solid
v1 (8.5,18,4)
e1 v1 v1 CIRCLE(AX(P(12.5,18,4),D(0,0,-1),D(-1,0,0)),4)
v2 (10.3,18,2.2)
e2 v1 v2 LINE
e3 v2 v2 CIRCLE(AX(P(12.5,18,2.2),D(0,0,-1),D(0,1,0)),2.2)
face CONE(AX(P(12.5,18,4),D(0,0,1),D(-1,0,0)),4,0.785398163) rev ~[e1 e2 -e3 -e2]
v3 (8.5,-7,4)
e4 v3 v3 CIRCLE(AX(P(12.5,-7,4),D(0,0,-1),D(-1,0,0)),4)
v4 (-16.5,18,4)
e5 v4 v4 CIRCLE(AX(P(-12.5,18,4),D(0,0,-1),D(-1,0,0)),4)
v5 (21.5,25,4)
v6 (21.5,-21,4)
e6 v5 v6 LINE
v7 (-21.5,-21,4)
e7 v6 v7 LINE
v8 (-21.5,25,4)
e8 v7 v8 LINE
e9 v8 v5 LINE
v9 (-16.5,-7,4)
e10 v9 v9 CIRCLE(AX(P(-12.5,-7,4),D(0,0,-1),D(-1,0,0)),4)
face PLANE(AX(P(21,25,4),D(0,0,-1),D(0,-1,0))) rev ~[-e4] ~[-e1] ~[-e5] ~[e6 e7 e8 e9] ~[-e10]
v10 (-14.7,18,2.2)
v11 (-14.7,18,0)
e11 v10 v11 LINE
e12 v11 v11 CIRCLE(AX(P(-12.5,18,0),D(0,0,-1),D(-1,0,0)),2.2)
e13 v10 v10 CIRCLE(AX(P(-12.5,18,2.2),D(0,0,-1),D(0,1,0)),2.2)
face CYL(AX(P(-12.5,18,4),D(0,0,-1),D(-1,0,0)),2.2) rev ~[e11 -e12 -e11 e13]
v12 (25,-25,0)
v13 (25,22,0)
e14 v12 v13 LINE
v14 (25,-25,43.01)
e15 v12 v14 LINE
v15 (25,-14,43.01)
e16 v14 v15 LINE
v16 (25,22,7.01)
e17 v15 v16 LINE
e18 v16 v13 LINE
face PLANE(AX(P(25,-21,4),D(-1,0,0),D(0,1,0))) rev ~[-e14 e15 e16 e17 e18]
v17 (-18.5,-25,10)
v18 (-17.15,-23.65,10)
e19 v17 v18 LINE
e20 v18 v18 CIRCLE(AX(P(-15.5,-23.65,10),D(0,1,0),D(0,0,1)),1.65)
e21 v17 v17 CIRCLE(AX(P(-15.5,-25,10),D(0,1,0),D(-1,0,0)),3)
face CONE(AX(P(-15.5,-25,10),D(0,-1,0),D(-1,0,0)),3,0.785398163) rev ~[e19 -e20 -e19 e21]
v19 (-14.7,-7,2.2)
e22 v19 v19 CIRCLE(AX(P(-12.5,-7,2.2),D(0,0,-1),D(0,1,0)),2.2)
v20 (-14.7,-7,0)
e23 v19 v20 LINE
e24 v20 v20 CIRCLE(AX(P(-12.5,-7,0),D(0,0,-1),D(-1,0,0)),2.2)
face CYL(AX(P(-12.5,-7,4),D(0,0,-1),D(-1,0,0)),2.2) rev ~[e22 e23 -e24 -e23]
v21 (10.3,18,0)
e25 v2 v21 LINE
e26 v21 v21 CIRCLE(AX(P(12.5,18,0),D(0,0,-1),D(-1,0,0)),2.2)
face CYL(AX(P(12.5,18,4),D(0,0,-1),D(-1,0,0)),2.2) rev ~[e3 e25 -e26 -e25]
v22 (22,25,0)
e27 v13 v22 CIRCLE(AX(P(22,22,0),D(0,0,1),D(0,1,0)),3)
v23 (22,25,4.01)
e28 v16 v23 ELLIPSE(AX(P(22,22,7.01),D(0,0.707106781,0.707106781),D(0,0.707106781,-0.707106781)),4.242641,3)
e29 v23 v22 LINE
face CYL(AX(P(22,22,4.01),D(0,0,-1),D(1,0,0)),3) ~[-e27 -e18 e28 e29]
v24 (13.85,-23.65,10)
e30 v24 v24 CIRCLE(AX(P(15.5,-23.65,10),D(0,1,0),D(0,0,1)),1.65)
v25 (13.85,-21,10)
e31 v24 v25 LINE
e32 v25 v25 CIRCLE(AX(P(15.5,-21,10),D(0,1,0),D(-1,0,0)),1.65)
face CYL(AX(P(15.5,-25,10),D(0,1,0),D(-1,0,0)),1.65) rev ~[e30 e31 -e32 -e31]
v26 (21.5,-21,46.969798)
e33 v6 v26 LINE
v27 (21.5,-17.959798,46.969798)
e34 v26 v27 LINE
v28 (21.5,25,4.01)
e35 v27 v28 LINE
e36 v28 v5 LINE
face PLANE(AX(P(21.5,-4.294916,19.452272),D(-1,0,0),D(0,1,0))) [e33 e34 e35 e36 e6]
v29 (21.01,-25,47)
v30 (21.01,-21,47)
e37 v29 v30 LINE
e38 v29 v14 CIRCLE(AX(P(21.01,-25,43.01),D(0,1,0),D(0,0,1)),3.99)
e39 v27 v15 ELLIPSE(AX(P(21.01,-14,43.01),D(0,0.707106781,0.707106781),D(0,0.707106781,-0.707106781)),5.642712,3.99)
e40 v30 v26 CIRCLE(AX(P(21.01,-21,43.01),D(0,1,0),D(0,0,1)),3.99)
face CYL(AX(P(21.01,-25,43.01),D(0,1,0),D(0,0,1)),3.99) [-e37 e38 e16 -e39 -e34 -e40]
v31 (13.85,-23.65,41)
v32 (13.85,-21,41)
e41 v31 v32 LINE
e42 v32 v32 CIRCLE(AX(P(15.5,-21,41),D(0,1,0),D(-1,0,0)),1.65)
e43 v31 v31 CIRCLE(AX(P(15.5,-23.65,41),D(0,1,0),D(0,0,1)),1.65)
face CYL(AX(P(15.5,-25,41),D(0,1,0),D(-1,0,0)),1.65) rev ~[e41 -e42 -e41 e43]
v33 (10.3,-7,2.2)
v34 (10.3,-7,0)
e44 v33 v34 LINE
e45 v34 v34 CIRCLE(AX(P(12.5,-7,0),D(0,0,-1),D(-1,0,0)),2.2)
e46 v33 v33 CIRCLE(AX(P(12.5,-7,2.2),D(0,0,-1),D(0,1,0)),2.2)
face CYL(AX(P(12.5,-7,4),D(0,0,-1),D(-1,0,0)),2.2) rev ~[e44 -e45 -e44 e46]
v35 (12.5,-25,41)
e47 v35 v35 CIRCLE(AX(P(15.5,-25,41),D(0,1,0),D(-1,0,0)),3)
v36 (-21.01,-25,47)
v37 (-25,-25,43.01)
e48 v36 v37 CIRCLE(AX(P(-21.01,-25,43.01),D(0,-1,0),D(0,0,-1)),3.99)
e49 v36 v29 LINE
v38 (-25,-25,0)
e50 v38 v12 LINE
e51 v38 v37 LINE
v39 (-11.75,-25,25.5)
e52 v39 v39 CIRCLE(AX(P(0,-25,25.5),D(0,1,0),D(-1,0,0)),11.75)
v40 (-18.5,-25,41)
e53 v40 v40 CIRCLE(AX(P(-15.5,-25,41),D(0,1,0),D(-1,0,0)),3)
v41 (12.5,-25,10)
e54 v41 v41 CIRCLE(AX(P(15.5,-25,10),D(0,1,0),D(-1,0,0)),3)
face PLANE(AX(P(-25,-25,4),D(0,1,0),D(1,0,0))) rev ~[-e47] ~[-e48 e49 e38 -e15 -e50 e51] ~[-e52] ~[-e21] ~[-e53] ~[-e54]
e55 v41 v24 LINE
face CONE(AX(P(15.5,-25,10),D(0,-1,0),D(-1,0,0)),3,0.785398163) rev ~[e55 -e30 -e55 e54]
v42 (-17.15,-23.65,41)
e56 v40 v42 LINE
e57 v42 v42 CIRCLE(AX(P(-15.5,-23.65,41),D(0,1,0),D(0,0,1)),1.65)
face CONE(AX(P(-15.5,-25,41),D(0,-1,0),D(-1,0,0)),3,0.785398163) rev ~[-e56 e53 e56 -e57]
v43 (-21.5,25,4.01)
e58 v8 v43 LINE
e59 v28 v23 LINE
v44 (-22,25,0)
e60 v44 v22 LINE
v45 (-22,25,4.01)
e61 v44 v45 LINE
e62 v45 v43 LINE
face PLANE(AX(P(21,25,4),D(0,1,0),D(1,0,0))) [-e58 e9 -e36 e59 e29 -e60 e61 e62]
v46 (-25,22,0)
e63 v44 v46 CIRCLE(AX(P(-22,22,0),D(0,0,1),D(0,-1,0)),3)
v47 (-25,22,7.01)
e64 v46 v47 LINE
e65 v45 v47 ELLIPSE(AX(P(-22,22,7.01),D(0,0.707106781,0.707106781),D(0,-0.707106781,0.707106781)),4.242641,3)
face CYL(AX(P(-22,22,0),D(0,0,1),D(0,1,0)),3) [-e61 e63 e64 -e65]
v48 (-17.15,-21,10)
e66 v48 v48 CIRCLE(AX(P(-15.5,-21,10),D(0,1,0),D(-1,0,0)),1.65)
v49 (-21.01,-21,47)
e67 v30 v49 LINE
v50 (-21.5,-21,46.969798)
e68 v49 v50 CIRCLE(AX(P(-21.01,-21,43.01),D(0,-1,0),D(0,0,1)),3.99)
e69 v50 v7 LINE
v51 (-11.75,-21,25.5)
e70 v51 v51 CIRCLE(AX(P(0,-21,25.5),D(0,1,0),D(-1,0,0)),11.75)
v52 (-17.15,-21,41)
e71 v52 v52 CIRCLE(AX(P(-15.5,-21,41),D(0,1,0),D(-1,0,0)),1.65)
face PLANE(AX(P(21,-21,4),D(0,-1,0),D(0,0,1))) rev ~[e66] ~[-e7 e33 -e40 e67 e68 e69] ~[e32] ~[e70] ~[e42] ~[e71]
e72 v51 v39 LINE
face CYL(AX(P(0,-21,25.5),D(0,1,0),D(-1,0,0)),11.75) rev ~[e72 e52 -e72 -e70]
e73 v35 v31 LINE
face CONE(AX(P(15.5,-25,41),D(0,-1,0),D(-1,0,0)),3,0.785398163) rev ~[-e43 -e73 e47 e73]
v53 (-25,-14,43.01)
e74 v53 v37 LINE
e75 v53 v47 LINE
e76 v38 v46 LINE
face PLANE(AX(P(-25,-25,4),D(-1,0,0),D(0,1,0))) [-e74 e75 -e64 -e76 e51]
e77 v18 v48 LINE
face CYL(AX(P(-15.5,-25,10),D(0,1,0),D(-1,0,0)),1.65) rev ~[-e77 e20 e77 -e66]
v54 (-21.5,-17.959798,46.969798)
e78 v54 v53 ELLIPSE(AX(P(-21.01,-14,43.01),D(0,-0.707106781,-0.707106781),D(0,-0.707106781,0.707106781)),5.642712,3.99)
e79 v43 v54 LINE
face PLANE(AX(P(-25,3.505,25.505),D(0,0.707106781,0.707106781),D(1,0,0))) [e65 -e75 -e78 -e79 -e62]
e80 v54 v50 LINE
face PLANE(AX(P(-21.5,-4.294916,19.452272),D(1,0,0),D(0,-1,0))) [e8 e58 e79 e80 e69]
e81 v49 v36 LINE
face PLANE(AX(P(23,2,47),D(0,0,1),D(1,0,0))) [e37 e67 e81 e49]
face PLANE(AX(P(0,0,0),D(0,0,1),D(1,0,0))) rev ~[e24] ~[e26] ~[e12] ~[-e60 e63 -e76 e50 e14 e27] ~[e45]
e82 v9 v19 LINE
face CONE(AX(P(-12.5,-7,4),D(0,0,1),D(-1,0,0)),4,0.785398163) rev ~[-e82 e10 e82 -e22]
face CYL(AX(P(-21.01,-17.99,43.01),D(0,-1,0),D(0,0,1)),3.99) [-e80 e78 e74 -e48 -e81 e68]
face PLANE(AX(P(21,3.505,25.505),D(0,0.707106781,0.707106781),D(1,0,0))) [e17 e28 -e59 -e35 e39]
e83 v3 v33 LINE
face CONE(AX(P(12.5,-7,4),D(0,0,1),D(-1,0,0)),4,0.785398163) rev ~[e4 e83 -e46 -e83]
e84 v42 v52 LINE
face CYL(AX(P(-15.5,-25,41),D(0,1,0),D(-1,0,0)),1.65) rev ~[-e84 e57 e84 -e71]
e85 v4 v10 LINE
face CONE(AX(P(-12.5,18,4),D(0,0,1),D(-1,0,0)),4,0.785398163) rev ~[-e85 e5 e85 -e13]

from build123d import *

# Parameters (mm, degrees)
SKETCH_W            = 50
SKETCH_H            = 50
PAD_DEPTH           = 4
SKETCH001_W         = 50
SKETCH001_H         = 4
PAD001_DEPTH        = 43
SKETCH002_R         = 11.75
POCKET_DEPTH        = 4.001
HOLE_D              = 4.4
HOLE_CSINK_D        = 8
HOLE_CSINK_ANGLE    = 90
HOLE001_D           = 3.3
HOLE001_DEPTH       = 24.00858
HOLE001_CSINK_D     = 6
HOLE001_CSINK_ANGLE = 90
HOLE001_TIPS_R      = 1.65
SKETCH005_W         = 4
SKETCH005_H         = 46
PAD002_DEPTH        = 43
CHAMFER_SIZE        = 42.99
FILLET_R            = 3.99
FILLET001_R         = 3
POCKET001_DEPTH     = 0.5
POCKET002_DEPTH     = 0.5


with BuildPart() as part:
    # Sketch → Pad (new body)
    with BuildSketch(Plane.XY):
        Rectangle(SKETCH_W, SKETCH_H)
    extrude(amount=PAD_DEPTH)

    # Sketch001 (on Face6 of Pad) → Pad001 (join)
    with BuildSketch(Plane.XY.offset(4)):
        with Locations((0, -23)):
            Rectangle(SKETCH001_W, SKETCH001_H)
    extrude(amount=PAD001_DEPTH)

    # Sketch002 (on Face9 of Pad001) → Pocket (cut, through all)
    with BuildSketch(Plane(origin=(0, -21, 0), x_dir=(-1, 0, 0), z_dir=(0, 1, 0))):
        with Locations((0, 25.5)):
            Circle(SKETCH002_R)
    extrude(amount=-POCKET_DEPTH, mode=Mode.SUBTRACT)

    # Hole (through all)
    with Locations(Plane.XY.offset(4)):
        with Locations((12.5, -7), (-12.5, -7), (-12.5, 18), (12.5, 18)):
            CounterSinkHole(HOLE_D / 2, HOLE_CSINK_D / 2, counter_sink_angle=HOLE_CSINK_ANGLE)

    # Hole001
    with Locations(Plane.XZ.offset(25)):
        with Locations((-15.5, 41), (15.5, 41), (15.5, 10), (-15.5, 10)):
            CounterSinkHole(HOLE001_D / 2, HOLE001_CSINK_D / 2, depth=HOLE001_DEPTH, counter_sink_angle=HOLE001_CSINK_ANGLE)

    # Hole001 tips → Hole001 tip 1 section 0
    with BuildSketch(Plane.XZ.offset(0.99142), mode=Mode.PRIVATE) as hole001_tip_1_s0:
        with Locations((-15.5, 41)):
            Circle(HOLE001_TIPS_R)
    loft([hole001_tip_1_s0.sketch, Vertex(-15.5, 0, 41)], mode=Mode.SUBTRACT)

    # Hole001 tips → Hole001 tip 2 section 0
    with BuildSketch(Plane.XZ.offset(0.99142), mode=Mode.PRIVATE) as hole001_tip_2_s0:
        with Locations((15.5, 41)):
            Circle(HOLE001_TIPS_R)
    loft([hole001_tip_2_s0.sketch, Vertex(15.5, 0, 41)], mode=Mode.SUBTRACT)

    # Hole001 tips → Hole001 tip 3 section 0
    with BuildSketch(Plane.XZ.offset(0.99142), mode=Mode.PRIVATE) as hole001_tip_3_s0:
        with Locations((15.5, 10)):
            Circle(HOLE001_TIPS_R)
    loft([hole001_tip_3_s0.sketch, Vertex(15.5, 0, 10)], mode=Mode.SUBTRACT)

    # Hole001 tips → Hole001 tip 4 section 0
    with BuildSketch(Plane.XZ.offset(0.99142), mode=Mode.PRIVATE) as hole001_tip_4_s0:
        with Locations((-15.5, 10)):
            Circle(HOLE001_TIPS_R)
    loft([hole001_tip_4_s0.sketch, Vertex(-15.5, 0, 10)], mode=Mode.SUBTRACT)

    # Sketch005 (on Face5 of Hole001) → Pad002 (join)
    with BuildSketch(Plane.XY.offset(4)):
        with Locations((23, 2)):
            Rectangle(SKETCH005_W, SKETCH005_H)
        with Locations((-23, 2)):
            Rectangle(SKETCH005_W, SKETCH005_H)
    extrude(amount=PAD002_DEPTH)

    # Chamfer
    chamfer_edges = [part.edges().sort_by_distance(p)[0] for p in [
        (23, 25, 47),
        (-23, 25, 47),
    ]]
    chamfer(chamfer_edges, length=CHAMFER_SIZE)

    # Fillet
    fillet_edges = [part.edges().sort_by_distance(p)[0] for p in [
        (25, -23, 47),
        (-25, -23, 47),
    ]]
    fillet(fillet_edges, radius=FILLET_R)

    # Fillet001
    fillet001_edges = [part.edges().sort_by_distance(p)[0] for p in [
        (25, 25, 2),
        (-25, 25, 2),
    ]]
    fillet(fillet001_edges, radius=FILLET001_R)

    # Fillet001 Face9 → Pocket001 (cut)
    with BuildSketch(Plane(origin=(-21, -5.601727, 19.213451), x_dir=(0, -1, 0), z_dir=(1, 0, 0))):
        Polygon((-30.601727, 15.213451), (-30.601727, 15.203451), (12.388273, -27.786549), (15.398273, -27.786549), (15.398273, 15.213451), align=None)
    extrude(amount=-POCKET001_DEPTH, mode=Mode.SUBTRACT)

    # Pocket001 Face46 → Pocket002 (cut)
    with BuildSketch(Plane(origin=(21, -5.601727, 19.213451), x_dir=(0, 1, 0), z_dir=(-1, 0, 0))):
        Polygon((30.601727, 15.203451), (30.601727, 15.213451), (-15.398273, 15.213451), (-15.398273, -27.786549), (-12.388273, -27.786549), align=None)
    extrude(amount=-POCKET002_DEPTH, mode=Mode.SUBTRACT)


solid = part.part
